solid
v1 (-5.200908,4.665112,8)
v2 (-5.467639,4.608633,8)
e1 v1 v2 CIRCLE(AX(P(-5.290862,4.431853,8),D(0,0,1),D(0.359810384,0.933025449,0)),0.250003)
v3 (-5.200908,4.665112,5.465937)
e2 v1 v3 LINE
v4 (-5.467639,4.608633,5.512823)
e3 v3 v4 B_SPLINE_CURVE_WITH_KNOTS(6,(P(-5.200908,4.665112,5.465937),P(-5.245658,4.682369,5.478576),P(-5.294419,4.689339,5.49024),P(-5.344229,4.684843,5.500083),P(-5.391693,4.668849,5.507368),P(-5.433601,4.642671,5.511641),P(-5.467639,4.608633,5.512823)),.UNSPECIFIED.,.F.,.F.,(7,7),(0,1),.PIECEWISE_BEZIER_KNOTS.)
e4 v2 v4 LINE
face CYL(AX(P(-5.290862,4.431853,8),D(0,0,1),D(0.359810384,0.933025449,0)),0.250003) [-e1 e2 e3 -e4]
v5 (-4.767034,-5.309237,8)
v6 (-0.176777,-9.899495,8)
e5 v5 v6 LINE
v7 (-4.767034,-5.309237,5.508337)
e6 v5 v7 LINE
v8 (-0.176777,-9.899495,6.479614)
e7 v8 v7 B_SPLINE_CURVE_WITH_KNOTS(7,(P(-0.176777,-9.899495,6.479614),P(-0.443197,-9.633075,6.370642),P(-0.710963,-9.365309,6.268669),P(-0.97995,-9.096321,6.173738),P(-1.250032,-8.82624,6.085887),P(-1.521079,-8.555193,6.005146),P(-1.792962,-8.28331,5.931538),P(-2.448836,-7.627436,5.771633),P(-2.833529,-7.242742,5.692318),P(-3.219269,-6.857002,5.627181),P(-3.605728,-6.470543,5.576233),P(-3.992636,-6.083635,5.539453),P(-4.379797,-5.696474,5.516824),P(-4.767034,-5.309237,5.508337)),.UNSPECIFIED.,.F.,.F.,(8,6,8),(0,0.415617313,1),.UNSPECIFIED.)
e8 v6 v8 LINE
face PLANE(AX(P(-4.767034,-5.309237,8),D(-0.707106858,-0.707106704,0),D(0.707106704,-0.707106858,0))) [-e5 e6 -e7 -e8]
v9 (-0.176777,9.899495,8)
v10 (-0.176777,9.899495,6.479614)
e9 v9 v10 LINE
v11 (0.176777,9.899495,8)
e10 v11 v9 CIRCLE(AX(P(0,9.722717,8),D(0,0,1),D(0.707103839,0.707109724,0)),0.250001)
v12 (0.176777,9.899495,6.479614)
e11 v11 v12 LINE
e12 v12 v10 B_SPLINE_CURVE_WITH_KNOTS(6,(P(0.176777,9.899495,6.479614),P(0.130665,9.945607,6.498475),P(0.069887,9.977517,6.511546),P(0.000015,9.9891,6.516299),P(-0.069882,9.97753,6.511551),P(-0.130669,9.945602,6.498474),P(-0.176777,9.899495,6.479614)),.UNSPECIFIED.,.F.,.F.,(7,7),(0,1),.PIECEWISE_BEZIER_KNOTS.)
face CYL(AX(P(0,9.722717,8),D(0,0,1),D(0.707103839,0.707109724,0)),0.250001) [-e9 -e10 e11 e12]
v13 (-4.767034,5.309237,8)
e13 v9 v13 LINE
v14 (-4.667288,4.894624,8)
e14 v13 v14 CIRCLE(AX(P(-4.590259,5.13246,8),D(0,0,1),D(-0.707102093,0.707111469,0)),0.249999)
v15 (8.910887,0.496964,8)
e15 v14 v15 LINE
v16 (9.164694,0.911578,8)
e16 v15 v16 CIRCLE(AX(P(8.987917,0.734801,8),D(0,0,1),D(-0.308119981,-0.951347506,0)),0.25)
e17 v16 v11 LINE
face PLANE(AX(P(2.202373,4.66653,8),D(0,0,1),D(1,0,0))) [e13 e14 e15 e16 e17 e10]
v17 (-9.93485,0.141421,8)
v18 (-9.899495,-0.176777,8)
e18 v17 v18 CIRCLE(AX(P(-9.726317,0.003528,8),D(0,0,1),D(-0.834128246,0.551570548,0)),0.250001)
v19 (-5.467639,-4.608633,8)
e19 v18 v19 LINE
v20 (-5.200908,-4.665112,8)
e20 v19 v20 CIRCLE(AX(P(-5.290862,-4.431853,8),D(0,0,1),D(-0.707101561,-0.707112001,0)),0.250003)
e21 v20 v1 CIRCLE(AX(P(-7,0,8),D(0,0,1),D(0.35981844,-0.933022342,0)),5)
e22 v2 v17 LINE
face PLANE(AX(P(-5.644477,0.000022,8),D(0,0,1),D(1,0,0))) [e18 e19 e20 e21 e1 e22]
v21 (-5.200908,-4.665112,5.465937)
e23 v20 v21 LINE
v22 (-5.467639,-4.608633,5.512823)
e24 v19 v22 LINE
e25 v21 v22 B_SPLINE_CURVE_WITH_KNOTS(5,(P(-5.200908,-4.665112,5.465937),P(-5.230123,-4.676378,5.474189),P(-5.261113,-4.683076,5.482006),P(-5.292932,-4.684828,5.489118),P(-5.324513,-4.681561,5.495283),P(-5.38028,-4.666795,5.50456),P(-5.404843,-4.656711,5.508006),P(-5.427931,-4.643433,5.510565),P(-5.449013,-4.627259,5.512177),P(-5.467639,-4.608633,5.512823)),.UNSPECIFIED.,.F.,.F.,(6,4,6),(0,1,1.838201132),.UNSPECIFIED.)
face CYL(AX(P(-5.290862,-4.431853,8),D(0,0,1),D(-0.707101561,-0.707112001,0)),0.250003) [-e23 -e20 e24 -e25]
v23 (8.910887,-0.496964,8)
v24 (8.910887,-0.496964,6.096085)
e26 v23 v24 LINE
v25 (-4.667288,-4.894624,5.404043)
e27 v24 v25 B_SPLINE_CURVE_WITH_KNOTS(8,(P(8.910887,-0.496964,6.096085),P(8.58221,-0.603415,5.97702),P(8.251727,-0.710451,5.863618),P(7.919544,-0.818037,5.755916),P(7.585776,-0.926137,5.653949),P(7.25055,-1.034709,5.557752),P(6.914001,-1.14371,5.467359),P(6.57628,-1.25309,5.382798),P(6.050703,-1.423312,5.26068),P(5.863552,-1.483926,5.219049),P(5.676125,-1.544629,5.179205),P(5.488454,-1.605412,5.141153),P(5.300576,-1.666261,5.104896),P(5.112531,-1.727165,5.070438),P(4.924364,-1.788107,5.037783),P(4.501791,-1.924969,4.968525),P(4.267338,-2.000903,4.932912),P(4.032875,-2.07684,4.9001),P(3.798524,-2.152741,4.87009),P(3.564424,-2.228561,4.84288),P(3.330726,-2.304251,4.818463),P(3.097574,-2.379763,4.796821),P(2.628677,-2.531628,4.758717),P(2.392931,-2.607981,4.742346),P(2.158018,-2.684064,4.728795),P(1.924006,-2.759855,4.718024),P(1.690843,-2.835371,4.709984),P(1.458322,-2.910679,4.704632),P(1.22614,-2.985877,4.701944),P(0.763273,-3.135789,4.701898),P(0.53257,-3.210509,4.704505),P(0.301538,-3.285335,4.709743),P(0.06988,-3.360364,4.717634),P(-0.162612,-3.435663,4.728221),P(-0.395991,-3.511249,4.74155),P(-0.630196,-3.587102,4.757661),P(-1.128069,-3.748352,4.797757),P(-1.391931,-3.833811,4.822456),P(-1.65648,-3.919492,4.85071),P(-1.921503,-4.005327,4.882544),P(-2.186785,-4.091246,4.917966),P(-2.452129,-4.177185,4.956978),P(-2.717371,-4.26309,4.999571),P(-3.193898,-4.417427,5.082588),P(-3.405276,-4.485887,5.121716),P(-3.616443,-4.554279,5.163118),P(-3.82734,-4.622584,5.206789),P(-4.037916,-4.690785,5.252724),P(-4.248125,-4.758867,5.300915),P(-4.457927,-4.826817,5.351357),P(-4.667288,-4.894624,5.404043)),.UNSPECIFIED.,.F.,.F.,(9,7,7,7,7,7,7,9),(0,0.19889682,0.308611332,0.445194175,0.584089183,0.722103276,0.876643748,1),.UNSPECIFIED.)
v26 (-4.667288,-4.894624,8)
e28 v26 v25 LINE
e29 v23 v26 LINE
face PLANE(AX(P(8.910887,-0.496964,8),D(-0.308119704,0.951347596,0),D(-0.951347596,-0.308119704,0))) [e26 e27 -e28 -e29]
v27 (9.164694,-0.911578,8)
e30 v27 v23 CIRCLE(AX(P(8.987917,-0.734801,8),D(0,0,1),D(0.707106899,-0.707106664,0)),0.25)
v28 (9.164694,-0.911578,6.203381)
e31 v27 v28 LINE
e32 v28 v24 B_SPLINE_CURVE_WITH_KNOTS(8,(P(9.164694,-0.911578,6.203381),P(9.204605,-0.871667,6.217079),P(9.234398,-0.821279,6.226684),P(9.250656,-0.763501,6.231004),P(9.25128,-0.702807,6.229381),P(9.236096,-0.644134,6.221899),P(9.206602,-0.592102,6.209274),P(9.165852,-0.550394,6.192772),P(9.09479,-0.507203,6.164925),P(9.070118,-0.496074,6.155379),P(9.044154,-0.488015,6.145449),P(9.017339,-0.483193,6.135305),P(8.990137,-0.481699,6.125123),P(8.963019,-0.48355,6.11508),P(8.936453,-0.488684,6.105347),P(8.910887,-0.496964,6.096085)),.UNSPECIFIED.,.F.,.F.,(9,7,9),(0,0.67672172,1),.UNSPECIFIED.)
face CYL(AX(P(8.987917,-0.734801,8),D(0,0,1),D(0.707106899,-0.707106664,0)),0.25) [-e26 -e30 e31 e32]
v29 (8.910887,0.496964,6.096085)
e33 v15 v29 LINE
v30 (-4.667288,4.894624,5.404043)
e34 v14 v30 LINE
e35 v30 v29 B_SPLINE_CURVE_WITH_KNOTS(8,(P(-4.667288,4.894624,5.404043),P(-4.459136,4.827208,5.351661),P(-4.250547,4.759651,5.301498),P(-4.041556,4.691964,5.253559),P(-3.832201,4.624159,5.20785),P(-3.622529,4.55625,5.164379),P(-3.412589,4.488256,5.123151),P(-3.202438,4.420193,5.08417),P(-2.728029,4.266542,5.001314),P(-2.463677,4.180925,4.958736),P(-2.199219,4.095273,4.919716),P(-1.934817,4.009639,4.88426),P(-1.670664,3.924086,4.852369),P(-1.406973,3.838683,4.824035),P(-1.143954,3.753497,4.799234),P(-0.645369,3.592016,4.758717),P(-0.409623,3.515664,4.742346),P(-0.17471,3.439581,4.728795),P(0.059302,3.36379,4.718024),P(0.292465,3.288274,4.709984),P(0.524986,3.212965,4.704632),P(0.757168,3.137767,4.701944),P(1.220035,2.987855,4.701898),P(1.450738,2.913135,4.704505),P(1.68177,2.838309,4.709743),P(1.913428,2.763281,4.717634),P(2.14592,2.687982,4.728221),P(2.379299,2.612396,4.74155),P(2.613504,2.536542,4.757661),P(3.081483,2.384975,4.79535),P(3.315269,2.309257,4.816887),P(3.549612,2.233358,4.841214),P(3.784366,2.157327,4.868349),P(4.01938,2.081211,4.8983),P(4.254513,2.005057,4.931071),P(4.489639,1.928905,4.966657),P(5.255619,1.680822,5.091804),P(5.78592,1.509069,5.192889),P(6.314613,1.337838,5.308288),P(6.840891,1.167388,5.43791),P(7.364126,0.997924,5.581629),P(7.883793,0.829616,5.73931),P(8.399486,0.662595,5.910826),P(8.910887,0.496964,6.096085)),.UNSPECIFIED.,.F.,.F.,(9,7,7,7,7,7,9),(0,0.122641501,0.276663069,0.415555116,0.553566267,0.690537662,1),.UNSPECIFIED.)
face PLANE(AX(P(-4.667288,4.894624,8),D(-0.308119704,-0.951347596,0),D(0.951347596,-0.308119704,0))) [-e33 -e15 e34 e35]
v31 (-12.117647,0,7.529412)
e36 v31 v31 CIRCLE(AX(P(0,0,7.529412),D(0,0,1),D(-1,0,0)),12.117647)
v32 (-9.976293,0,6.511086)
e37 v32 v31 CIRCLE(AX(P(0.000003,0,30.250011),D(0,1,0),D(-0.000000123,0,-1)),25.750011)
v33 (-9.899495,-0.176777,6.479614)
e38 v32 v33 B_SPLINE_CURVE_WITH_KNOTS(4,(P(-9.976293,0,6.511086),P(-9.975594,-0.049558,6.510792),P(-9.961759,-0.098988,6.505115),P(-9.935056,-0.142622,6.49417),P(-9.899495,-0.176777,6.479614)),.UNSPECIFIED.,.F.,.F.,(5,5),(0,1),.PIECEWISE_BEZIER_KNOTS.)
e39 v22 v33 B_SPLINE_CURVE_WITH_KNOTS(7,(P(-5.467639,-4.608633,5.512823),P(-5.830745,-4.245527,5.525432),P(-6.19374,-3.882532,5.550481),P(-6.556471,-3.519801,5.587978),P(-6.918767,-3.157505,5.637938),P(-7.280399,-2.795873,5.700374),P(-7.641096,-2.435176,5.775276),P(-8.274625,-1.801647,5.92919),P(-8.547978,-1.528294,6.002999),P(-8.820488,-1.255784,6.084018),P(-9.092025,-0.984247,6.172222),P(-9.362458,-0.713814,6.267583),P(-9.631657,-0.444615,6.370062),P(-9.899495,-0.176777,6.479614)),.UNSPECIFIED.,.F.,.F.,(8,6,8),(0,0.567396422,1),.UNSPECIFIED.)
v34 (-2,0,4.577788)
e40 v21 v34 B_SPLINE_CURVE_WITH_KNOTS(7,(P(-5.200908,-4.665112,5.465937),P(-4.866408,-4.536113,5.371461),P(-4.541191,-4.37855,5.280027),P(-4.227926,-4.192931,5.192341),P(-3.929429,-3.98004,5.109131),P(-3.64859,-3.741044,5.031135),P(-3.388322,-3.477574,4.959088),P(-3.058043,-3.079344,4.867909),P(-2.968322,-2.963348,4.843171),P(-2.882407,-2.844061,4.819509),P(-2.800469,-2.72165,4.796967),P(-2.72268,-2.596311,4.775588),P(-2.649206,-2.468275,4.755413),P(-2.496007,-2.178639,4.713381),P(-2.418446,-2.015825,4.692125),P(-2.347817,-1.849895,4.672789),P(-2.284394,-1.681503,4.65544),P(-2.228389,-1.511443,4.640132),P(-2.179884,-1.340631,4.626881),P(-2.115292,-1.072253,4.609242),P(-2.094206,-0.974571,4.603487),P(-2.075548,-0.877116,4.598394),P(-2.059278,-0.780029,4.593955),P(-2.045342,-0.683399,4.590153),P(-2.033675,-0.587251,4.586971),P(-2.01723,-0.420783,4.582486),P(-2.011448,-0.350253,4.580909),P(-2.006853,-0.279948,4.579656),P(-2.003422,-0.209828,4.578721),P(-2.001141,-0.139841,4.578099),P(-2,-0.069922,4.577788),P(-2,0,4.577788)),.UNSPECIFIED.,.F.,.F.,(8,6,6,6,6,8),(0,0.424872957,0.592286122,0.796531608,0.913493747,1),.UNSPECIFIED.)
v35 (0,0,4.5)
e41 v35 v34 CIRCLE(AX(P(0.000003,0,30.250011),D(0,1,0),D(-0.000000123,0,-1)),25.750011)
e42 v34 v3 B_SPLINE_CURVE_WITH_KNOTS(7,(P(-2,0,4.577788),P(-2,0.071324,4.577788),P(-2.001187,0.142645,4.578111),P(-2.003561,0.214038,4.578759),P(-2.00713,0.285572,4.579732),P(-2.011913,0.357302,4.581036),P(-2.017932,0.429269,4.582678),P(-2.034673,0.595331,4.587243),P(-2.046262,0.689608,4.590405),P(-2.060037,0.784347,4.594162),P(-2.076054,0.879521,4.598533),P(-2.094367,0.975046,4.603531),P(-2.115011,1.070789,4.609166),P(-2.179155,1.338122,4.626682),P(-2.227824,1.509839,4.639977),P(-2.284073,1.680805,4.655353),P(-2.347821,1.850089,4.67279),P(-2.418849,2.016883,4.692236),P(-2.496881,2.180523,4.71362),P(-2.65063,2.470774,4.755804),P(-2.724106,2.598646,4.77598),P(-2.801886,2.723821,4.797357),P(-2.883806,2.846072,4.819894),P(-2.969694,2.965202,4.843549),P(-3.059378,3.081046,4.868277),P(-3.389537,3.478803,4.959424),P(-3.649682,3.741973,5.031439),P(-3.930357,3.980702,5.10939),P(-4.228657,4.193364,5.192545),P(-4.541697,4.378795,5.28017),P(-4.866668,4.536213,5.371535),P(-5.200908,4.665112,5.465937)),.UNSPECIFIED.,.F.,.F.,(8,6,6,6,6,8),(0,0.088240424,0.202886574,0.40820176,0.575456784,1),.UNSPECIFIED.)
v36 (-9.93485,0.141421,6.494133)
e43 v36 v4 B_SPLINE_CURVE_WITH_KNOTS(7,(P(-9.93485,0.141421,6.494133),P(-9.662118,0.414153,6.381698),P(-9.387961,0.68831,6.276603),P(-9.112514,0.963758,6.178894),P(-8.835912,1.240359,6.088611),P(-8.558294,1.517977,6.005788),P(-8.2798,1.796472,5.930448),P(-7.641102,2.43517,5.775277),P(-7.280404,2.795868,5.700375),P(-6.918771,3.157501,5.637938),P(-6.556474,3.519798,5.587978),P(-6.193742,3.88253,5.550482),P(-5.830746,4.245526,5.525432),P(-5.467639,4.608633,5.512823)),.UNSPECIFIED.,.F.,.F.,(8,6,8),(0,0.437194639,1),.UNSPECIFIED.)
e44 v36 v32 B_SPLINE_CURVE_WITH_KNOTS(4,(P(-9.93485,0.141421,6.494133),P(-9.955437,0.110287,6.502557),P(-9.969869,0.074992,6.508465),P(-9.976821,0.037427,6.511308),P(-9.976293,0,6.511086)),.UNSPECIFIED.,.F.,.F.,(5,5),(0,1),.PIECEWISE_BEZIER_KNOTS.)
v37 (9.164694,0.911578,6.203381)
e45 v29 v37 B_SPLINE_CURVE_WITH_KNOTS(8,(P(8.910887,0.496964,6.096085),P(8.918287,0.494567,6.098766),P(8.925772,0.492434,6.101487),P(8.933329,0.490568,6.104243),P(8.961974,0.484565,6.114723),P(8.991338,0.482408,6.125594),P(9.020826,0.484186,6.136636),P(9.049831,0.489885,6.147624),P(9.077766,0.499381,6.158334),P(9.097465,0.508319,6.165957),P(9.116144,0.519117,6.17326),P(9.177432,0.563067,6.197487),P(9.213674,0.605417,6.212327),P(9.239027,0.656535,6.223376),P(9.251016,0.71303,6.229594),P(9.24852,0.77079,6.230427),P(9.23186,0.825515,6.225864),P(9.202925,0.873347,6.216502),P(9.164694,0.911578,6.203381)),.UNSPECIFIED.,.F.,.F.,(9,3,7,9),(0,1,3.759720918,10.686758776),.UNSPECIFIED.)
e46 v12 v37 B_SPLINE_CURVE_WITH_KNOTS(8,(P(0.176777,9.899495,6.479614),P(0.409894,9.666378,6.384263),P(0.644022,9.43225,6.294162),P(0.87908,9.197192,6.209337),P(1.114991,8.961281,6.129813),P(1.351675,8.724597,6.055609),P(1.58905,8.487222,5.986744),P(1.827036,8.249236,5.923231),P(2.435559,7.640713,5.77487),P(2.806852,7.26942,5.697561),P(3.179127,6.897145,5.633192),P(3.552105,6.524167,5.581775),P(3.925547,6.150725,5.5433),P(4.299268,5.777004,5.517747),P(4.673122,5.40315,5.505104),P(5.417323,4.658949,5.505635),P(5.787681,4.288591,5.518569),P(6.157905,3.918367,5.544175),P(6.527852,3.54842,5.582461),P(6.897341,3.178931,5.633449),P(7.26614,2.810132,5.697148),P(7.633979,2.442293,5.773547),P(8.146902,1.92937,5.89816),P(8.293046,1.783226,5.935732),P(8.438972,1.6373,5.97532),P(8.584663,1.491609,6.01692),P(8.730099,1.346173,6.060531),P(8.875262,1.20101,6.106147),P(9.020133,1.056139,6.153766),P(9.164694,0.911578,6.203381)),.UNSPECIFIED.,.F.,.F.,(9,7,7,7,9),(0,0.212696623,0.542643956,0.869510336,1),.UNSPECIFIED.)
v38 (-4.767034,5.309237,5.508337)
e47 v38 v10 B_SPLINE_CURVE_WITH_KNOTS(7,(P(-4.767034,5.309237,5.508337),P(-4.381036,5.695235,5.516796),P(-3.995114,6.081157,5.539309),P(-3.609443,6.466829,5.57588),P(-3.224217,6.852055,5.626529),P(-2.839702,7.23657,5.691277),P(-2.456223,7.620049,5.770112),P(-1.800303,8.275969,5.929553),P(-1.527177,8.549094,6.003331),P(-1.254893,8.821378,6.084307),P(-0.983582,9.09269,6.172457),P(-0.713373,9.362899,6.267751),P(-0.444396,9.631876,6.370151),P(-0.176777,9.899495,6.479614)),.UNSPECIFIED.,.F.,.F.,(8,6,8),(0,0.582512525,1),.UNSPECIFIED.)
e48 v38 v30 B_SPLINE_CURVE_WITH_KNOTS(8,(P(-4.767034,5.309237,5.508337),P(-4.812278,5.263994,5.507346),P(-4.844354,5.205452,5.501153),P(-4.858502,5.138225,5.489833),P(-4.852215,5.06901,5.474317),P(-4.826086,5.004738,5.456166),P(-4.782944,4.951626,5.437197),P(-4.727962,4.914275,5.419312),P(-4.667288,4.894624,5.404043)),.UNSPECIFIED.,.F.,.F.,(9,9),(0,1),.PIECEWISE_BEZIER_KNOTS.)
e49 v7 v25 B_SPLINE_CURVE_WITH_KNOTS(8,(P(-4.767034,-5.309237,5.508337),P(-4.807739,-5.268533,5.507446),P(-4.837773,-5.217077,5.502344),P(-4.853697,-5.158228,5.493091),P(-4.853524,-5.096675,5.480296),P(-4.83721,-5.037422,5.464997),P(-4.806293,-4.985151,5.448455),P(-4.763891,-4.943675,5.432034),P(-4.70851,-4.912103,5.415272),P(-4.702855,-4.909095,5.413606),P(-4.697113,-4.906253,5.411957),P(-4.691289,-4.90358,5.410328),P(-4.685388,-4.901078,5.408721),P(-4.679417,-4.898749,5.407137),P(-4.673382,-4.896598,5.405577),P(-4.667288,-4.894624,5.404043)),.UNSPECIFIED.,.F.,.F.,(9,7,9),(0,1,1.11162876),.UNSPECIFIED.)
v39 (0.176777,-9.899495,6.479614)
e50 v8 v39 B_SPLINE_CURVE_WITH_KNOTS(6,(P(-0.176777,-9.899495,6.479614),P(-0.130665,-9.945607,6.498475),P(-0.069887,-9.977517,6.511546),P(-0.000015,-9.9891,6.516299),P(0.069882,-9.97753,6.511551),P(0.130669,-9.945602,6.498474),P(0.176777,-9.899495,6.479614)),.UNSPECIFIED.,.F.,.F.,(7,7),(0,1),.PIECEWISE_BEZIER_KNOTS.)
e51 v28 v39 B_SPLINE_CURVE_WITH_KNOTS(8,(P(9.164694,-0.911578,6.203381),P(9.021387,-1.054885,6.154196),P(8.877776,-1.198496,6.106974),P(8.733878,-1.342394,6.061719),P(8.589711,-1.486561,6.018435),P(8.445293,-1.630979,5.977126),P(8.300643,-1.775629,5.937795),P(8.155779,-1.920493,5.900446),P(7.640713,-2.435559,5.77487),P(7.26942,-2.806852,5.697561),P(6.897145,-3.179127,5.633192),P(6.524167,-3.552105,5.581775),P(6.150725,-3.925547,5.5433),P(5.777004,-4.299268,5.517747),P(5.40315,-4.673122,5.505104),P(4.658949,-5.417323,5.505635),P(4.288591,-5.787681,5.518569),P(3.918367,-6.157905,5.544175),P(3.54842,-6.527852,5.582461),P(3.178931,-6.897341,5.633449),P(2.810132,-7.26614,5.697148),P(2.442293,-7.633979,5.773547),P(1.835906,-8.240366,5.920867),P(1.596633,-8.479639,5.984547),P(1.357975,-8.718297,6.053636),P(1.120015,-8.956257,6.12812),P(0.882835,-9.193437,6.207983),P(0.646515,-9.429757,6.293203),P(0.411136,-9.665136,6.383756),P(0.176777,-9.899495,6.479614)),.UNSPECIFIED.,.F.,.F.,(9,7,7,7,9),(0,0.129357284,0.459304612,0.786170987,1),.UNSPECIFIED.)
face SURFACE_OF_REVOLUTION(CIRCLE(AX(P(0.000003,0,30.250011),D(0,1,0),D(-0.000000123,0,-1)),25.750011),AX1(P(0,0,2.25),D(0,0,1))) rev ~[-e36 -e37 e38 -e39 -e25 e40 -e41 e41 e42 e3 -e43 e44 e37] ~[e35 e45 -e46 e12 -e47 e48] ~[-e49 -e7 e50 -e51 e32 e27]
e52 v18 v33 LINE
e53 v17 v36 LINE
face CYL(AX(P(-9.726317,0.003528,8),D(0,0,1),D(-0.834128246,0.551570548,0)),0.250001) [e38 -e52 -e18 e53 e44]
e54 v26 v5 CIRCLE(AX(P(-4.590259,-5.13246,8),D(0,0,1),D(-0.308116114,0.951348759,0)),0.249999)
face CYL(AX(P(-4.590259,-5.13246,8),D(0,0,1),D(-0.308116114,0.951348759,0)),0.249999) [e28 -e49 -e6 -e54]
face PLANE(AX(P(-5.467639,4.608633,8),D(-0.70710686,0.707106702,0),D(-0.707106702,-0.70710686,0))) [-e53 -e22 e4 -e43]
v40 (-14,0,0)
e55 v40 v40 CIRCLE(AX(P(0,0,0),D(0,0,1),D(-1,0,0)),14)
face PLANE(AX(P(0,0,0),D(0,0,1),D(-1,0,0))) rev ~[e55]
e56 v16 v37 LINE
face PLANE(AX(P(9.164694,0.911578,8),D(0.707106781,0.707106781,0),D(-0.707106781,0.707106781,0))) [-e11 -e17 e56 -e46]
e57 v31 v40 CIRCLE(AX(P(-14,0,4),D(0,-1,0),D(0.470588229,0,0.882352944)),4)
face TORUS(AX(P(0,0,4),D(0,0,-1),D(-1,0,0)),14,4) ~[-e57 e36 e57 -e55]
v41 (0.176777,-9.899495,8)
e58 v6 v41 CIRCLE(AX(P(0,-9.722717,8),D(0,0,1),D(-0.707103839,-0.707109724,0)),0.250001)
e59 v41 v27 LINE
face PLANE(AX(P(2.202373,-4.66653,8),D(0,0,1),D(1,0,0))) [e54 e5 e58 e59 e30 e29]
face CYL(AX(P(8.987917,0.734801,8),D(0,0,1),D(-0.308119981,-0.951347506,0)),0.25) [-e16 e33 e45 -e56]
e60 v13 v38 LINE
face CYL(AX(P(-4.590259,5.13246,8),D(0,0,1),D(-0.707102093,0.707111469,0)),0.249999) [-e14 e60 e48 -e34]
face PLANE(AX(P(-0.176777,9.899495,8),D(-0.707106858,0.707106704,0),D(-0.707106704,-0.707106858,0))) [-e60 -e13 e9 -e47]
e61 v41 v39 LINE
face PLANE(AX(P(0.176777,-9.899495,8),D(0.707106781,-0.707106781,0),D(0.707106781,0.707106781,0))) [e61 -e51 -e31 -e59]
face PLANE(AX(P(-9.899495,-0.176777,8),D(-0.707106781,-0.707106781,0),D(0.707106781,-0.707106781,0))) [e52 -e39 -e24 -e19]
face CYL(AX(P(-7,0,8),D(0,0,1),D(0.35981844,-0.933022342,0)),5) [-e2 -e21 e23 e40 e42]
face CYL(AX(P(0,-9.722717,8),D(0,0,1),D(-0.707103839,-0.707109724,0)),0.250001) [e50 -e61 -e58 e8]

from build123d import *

# Parameters (mm, degrees)
F4_DEPTH = 8


with BuildPart() as f1:
    # F0 (on Front) → F1 (revolve)
    with BuildSketch(Plane.XZ):
        with BuildLine():
            ThreePointArc((-14, 0), (-11.171573, 1.171573), (-10, 4))
            ThreePointArc((-10, 4), (-10.570028, 6.057983), (-12.117647, 7.529412))
            ThreePointArc((-12.117647, 7.529412), (-17.88057, 4.970143), (-14, 0))
        make_face()
        with BuildLine():
            ThreePointArc((-12.117647, 7.529412), (-10.570028, 6.057983), (-10, 4))
            ThreePointArc((-10, 4), (-11.171573, 1.171573), (-14, 0))
            Line((-14, 0), (0, 0))
            Line((0, 0), (0, 4.5))
            ThreePointArc((0, 4.5), (-6.245292, 5.268831), (-12.117647, 7.529412))
        make_face()
    revolve(axis=Axis((0, 0, 2.25), (0, 0, 1)))

    # F3 (on offset) → F4 (join)
    with BuildSketch(Plane.XY.offset(8)):
        with BuildLine():
            ThreePointArc((8.910887, 0.496964), (9.201139, 0.604277), (9.164694, 0.911578))
            Line((9.164694, 0.911578), (0.176777, 9.899495))
            ThreePointArc((0.176777, 9.899495), (0, 9.972718), (-0.176777, 9.899495))
            Line((-0.176777, 9.899495), (-4.767034, 5.309237))
            ThreePointArc((-4.767034, 5.309237), (-4.833323, 5.073984), (-4.667288, 4.894624))
            Line((-4.667288, 4.894624), (8.910887, 0.496964))
        make_face()
        with BuildLine():
            Line((-4.767034, -5.309237), (-0.176777, -9.899495))
            ThreePointArc((-0.176777, -9.899495), (0, -9.972718), (0.176777, -9.899495))
            Line((0.176777, -9.899495), (9.164694, -0.911578))
            ThreePointArc((9.164694, -0.911578), (9.201139, -0.604277), (8.910887, -0.496964))
            Line((8.910887, -0.496964), (-4.667288, -4.894624))
            ThreePointArc((-4.667288, -4.894624), (-4.833323, -5.073984), (-4.767034, -5.309237))
        make_face()
        with BuildLine():
            Line((-5.467639, 4.608633), (-9.93485, 0.141421))
            ThreePointArc((-9.93485, 0.141421), (-9.974789, -0.02408), (-9.899495, -0.176777))
            Line((-9.899495, -0.176777), (-5.467639, -4.608633))
            ThreePointArc((-5.467639, -4.608633), (-5.34265, -4.676433), (-5.200908, -4.665112))
            ThreePointArc((-5.200908, -4.665112), (-2, 0), (-5.200908, 4.665112))
            ThreePointArc((-5.200908, 4.665112), (-5.34265, 4.676433), (-5.467639, 4.608633))
        make_face()
    extrude(amount=-F4_DEPTH)


solid = f1.part
